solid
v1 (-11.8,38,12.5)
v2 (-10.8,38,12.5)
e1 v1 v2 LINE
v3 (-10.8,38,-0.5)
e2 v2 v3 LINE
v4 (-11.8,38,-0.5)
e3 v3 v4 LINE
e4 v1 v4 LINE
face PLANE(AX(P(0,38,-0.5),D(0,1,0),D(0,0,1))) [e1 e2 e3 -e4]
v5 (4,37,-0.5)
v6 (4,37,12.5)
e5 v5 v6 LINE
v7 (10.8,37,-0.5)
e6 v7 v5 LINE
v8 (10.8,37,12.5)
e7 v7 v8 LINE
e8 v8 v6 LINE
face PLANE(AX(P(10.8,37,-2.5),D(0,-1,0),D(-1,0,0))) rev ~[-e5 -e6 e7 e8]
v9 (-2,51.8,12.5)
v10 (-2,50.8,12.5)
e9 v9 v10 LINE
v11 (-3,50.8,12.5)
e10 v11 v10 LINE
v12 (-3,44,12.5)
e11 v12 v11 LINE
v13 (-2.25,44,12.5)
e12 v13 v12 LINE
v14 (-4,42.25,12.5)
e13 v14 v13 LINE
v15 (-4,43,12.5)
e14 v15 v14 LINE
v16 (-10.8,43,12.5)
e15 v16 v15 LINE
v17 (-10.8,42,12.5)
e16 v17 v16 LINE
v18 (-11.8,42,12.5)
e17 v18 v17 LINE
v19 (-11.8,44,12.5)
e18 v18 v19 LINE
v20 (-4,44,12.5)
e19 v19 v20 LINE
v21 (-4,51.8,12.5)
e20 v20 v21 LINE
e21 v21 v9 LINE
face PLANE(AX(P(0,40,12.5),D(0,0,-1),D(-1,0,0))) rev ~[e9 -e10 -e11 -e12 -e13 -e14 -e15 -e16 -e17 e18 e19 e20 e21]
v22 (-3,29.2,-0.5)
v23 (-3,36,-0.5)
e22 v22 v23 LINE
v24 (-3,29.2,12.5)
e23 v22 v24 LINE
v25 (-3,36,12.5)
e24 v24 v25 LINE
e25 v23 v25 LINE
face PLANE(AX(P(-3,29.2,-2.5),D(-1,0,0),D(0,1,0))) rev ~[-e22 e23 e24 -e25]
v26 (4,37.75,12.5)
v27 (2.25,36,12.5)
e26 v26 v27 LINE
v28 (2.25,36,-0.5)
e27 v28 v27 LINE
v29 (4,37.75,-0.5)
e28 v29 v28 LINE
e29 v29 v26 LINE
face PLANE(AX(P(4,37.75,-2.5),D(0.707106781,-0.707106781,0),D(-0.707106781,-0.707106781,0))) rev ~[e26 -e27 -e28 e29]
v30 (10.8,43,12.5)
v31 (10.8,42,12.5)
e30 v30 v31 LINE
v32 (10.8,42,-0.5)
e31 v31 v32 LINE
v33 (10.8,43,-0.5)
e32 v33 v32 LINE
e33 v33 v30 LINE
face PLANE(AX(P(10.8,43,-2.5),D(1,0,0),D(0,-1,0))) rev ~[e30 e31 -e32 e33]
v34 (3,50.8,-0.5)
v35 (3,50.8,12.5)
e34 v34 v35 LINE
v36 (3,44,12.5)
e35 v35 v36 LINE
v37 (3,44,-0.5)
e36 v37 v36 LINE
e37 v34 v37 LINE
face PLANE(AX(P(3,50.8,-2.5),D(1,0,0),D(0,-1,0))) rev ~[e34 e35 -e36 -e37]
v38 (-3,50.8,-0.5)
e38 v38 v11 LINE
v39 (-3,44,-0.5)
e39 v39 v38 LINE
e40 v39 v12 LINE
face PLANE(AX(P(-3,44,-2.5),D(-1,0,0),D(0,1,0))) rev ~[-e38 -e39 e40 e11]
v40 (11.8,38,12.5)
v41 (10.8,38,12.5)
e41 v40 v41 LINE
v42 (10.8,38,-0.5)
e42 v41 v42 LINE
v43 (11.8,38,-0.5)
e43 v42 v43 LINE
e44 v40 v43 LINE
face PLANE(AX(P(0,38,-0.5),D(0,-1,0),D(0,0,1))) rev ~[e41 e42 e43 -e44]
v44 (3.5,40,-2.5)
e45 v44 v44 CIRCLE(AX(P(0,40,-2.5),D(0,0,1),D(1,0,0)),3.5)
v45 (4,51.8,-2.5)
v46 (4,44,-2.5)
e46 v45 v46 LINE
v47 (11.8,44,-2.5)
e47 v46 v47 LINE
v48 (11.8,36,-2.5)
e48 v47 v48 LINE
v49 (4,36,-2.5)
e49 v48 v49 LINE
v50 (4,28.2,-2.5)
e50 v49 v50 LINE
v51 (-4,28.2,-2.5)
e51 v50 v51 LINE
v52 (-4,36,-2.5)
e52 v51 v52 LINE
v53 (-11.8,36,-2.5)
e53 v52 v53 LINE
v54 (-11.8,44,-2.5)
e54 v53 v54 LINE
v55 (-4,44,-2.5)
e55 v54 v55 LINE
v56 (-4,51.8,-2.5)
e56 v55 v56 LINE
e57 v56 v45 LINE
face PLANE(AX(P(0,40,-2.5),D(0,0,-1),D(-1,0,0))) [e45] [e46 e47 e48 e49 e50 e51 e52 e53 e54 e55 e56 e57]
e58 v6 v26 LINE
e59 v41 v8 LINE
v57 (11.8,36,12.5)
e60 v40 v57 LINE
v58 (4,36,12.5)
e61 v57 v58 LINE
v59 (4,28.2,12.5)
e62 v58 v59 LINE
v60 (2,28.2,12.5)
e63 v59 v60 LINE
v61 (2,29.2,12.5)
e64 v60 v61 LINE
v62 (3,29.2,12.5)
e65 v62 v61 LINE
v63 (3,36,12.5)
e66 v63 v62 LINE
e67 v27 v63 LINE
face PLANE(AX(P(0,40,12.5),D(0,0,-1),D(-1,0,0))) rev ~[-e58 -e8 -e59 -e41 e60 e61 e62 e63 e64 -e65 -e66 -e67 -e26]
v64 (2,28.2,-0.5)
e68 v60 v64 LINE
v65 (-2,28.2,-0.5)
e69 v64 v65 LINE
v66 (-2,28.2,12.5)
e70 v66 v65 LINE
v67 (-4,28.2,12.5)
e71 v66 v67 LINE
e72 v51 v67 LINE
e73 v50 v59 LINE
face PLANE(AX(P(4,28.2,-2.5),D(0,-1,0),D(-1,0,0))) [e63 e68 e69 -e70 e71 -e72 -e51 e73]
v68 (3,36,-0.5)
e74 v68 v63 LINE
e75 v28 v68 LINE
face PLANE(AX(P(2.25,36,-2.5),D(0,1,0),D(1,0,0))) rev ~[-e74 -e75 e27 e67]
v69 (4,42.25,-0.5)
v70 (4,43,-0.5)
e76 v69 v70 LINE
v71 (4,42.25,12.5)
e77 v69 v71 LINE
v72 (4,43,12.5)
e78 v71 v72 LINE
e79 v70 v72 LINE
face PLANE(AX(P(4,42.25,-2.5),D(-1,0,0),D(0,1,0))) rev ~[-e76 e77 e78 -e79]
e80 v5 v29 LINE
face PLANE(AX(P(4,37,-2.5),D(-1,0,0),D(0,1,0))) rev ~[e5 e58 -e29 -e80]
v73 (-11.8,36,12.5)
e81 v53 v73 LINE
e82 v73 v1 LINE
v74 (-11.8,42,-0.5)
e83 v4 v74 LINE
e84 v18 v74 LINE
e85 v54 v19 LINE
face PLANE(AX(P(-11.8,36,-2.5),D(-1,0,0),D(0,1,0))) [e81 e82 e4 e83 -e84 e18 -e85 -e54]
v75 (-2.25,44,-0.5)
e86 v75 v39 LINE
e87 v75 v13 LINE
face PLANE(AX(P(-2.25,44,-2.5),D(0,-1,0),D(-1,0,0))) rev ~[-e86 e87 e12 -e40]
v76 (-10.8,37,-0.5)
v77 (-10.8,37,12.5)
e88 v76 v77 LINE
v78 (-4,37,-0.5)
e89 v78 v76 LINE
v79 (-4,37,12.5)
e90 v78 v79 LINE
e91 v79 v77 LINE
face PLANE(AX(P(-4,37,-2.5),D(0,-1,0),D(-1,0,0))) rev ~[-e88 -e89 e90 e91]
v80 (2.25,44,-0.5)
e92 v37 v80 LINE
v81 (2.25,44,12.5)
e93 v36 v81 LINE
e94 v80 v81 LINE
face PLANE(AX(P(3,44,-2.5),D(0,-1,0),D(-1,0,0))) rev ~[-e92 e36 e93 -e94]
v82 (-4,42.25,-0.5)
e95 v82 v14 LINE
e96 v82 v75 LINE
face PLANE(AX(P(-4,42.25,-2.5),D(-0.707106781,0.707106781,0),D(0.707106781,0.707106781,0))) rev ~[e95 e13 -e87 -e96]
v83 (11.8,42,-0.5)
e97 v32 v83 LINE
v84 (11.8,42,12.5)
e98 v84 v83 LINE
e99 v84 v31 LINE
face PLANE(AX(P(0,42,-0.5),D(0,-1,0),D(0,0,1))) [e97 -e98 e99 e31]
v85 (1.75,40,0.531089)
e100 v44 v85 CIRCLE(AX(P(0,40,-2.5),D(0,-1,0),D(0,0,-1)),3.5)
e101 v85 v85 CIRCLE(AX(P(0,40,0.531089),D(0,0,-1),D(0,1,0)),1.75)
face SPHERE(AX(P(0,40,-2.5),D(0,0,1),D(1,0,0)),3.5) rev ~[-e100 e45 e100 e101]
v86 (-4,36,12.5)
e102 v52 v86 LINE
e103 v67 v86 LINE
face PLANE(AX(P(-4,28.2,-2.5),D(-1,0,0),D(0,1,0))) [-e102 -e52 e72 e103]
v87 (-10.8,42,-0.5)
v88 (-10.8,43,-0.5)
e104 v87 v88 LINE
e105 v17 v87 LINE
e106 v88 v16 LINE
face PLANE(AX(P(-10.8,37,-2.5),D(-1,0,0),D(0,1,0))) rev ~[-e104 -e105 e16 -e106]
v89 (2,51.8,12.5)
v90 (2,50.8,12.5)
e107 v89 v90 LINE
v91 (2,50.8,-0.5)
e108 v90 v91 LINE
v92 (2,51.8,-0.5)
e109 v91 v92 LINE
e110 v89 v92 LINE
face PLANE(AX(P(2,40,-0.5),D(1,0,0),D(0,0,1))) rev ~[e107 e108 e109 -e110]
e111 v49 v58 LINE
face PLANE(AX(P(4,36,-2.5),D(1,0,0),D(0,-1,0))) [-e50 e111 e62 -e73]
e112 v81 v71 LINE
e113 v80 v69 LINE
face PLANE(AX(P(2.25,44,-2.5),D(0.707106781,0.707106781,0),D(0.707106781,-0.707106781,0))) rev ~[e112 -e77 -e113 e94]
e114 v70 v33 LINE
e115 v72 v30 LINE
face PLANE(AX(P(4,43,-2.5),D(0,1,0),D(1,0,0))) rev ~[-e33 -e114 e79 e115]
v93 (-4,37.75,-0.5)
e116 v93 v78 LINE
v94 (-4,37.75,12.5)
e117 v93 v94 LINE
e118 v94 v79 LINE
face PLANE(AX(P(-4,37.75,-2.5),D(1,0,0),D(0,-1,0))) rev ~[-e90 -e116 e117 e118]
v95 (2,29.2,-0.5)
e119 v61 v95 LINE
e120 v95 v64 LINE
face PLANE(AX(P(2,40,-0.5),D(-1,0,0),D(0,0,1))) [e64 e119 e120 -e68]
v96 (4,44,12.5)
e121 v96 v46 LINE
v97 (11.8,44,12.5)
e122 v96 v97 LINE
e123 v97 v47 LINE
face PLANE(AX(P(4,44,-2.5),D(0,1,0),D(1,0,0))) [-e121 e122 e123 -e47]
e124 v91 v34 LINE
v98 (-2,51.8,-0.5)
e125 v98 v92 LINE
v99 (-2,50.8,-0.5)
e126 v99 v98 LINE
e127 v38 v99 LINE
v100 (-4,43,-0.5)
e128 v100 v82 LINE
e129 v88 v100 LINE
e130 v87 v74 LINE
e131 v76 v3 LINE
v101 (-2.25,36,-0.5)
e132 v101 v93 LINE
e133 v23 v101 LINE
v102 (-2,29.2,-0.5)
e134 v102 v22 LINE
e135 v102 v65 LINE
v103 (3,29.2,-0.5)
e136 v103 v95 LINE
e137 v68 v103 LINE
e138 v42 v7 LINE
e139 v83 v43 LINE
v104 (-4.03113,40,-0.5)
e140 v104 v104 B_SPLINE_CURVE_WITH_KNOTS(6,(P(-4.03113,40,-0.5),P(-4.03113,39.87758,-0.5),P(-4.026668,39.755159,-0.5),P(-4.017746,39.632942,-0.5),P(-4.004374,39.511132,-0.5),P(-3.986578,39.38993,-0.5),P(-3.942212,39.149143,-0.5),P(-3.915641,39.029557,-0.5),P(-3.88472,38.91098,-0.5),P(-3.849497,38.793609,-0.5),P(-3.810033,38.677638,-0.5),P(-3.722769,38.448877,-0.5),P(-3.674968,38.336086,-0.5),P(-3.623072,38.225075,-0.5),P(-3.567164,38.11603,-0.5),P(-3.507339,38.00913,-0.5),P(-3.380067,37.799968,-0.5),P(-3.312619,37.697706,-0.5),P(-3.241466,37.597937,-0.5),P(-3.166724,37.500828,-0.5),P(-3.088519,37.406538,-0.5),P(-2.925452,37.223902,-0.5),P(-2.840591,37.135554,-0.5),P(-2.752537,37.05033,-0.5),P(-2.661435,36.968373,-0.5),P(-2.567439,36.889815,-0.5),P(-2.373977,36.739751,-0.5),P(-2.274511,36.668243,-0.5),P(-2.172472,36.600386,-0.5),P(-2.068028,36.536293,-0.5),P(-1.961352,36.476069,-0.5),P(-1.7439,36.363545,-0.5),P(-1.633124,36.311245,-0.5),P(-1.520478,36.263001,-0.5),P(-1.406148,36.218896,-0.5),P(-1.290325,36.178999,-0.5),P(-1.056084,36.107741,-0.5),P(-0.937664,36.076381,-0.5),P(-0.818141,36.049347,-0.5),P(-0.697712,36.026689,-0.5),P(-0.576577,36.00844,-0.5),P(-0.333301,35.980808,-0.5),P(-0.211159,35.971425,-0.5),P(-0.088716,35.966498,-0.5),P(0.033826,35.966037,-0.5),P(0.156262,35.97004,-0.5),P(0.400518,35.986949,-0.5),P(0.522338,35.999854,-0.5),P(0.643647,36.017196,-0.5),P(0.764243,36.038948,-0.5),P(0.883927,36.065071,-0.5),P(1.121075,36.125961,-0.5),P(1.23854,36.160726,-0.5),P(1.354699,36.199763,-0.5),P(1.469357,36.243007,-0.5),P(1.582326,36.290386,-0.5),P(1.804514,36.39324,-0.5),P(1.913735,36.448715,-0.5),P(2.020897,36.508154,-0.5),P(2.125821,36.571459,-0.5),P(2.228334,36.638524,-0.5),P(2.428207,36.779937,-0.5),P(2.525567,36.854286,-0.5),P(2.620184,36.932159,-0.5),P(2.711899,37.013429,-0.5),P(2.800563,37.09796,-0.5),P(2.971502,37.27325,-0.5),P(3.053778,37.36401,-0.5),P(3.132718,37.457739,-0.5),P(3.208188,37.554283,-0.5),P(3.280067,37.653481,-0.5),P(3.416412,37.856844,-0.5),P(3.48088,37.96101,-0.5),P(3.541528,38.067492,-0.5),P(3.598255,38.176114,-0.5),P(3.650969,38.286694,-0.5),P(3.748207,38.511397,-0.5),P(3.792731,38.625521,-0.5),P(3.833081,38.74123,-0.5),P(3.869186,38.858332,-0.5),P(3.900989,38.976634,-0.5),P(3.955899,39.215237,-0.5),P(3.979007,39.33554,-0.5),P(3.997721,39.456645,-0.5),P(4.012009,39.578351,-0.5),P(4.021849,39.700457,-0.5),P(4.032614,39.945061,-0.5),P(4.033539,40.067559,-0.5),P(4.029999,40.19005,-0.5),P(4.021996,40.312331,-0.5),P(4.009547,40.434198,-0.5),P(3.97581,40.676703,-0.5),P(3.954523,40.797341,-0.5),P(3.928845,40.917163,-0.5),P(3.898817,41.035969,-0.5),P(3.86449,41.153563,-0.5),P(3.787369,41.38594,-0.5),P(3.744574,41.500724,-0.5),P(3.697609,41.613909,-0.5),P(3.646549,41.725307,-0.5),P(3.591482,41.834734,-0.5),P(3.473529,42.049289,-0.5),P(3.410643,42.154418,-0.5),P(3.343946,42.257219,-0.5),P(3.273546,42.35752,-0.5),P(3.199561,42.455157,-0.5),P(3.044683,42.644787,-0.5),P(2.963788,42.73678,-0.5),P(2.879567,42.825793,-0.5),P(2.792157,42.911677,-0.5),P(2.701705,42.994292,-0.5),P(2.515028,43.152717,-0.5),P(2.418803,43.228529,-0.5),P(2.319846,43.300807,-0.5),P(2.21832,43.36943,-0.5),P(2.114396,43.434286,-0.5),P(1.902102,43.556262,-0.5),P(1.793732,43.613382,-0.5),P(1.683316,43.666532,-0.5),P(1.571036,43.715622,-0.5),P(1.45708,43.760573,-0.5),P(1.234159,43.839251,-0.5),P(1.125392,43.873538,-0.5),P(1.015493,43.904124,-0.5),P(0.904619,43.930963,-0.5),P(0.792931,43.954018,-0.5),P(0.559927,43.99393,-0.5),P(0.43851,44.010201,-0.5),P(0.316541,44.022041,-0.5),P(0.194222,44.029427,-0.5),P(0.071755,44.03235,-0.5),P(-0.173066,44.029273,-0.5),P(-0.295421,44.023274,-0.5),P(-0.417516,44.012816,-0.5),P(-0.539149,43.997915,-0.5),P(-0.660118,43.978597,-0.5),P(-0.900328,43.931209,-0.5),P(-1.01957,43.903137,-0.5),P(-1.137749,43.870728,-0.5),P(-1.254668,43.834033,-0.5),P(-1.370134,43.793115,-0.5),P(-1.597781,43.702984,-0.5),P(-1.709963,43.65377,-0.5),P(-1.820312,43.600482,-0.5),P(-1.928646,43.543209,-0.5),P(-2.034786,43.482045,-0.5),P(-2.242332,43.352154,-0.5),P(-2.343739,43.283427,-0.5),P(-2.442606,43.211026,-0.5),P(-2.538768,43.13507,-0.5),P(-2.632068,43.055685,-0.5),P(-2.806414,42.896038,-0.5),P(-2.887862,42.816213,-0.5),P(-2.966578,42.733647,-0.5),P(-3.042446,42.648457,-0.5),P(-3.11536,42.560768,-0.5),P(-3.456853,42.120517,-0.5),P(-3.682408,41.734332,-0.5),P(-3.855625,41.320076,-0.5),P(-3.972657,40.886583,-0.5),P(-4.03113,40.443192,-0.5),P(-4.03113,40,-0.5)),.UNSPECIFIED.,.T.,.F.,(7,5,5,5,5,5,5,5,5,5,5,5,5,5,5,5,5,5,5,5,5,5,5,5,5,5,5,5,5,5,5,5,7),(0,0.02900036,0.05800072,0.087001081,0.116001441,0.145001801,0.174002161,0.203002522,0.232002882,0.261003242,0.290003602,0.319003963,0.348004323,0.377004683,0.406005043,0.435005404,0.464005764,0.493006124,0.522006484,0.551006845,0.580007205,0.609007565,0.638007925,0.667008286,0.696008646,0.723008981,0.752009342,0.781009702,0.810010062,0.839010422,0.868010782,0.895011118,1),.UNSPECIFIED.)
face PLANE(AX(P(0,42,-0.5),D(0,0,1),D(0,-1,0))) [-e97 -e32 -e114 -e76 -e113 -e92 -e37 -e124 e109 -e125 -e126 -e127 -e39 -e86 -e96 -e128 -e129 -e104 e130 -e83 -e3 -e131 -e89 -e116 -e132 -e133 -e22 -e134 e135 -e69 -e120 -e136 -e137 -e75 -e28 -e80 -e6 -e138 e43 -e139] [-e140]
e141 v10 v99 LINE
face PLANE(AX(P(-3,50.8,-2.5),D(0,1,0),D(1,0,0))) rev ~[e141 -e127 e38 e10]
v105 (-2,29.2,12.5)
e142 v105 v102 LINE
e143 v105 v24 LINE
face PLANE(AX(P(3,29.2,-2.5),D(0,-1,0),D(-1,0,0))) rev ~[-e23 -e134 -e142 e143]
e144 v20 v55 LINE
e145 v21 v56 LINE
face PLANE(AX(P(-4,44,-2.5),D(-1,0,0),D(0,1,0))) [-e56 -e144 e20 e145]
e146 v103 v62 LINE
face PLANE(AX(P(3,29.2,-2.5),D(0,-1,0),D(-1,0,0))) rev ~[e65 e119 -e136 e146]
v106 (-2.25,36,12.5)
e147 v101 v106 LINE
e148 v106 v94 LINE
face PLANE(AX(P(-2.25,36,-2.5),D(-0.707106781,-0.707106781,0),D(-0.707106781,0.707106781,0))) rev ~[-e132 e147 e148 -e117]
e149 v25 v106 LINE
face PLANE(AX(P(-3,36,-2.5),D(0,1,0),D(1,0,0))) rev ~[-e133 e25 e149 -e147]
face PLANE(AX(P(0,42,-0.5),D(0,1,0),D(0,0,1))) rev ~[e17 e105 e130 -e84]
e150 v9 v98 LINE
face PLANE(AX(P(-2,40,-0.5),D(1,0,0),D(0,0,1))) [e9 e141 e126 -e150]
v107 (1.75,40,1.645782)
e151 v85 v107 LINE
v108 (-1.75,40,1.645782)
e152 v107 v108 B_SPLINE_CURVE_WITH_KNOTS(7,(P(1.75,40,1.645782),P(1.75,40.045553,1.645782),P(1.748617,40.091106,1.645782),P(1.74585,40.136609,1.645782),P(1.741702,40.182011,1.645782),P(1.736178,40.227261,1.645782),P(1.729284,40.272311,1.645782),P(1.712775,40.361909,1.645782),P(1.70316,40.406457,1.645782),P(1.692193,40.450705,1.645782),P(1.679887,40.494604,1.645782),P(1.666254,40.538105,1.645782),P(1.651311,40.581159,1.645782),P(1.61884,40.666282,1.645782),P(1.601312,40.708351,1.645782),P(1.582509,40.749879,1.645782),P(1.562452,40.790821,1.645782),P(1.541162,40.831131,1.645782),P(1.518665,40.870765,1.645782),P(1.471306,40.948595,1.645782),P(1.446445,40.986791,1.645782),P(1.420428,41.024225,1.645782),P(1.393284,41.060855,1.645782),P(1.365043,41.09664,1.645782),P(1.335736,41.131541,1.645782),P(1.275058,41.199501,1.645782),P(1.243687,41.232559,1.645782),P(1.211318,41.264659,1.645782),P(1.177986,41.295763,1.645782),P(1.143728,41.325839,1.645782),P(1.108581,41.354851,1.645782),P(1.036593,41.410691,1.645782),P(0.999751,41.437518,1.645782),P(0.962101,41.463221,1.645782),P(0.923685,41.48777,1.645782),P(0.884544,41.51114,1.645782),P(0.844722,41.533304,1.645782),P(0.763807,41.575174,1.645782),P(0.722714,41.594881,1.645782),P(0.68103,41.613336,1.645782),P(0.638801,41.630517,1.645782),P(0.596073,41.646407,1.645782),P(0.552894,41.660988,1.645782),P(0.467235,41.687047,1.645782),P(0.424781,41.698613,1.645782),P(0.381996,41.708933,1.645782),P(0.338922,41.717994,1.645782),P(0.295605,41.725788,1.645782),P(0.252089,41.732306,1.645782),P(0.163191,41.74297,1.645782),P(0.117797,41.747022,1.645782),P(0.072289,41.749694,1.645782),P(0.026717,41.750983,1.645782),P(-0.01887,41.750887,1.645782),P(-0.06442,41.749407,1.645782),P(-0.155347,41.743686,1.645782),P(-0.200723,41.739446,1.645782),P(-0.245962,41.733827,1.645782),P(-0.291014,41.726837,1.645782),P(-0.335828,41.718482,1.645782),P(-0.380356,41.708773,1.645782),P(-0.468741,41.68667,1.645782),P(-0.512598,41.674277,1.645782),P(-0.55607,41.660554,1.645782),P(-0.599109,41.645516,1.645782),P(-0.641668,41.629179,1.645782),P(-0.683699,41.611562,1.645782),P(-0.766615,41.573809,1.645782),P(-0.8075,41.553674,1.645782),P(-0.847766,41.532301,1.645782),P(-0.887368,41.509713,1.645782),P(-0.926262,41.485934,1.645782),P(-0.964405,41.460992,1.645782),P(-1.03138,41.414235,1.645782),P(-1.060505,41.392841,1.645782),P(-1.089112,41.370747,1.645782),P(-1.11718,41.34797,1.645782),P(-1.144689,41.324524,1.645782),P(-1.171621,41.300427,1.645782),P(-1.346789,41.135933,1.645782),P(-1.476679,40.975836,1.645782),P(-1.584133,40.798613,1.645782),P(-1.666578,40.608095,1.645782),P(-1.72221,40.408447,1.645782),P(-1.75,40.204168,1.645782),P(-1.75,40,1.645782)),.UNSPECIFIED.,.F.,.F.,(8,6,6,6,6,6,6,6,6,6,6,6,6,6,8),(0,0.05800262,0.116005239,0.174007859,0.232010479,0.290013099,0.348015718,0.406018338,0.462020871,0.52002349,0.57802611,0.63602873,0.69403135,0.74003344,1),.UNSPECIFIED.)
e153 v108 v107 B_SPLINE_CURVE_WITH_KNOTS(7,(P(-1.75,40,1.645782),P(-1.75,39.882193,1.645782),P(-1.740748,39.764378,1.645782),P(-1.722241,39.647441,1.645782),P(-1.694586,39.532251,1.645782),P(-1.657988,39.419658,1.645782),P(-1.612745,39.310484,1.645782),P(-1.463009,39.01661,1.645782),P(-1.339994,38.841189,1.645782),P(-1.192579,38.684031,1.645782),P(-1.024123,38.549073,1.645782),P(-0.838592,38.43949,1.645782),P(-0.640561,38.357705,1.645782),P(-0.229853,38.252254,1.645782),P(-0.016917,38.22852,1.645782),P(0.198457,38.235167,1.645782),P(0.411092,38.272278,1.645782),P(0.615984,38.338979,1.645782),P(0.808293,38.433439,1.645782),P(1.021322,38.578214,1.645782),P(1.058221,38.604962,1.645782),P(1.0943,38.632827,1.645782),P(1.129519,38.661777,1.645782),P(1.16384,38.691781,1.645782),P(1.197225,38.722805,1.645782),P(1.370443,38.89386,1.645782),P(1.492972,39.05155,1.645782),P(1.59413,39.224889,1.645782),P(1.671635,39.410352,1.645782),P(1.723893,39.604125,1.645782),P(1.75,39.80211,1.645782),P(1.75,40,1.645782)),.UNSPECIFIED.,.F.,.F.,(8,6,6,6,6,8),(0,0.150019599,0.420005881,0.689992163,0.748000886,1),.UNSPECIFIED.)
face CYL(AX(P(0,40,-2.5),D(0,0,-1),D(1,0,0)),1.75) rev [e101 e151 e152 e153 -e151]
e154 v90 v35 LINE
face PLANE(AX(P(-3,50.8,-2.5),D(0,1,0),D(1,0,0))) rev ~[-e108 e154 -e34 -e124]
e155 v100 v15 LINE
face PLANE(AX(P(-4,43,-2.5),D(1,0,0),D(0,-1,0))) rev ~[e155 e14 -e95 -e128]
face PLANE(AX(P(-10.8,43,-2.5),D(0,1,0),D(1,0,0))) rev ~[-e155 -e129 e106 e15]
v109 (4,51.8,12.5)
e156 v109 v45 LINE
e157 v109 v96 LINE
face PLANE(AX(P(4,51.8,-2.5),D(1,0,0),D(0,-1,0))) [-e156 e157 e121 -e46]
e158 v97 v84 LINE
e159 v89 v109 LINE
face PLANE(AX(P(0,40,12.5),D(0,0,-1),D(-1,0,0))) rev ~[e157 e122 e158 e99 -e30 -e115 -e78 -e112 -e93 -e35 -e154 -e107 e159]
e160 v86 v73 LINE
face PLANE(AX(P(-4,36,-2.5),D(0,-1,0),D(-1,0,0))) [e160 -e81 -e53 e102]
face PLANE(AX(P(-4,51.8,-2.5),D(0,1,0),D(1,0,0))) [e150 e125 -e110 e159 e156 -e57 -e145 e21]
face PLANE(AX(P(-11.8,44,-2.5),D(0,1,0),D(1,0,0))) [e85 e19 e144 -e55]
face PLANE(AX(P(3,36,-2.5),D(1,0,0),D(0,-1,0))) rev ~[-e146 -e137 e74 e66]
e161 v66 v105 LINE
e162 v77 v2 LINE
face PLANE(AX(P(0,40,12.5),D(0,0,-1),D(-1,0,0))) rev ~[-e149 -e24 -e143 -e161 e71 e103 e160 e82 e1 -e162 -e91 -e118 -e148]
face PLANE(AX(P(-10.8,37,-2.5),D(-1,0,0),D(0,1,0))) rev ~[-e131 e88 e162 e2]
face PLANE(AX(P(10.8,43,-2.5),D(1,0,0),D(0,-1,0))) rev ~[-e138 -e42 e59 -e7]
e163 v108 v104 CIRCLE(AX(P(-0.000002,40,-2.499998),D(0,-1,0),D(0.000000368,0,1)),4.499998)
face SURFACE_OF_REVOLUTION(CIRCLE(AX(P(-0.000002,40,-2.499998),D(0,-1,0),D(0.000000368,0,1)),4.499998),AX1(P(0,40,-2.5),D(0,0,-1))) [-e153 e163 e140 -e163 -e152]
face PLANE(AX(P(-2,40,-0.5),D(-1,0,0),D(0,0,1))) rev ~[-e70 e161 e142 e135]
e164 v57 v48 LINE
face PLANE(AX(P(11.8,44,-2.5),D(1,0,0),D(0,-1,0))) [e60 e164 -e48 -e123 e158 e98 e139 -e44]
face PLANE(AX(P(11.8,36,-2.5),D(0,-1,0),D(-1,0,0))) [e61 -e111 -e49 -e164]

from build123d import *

# Parameters (mm, degrees)
PAD052_DEPTH          = 15
BOX006_W              = 4
BOX006_H              = 15
BOX006_DEPTH          = 12
POLARPATTERN021_COUNT = 4
PAD053_DEPTH          = 2
CYLINDER079_R         = 1.75
CYLINDER079_DEPTH     = 5


with BuildPart() as part:
    # Sketch087 → Pad052 (new body)
    with BuildSketch(Plane.XY):
        Polygon((-11.8, 4), (-4, 4), (-4, 11.8), (4, 11.8), (4, 4), (11.8, 4), (11.8, -4), (4, -4), (4, -11.8), (-4, -11.8), (-4, -4), (-11.8, -4), align=None)
        Polygon((-3, 10.8), (3, 10.8), (3, 4), (2.25, 4), (4, 2.25), (4, 3), (10.8, 3), (10.8, -3), (4, -3), (4, -2.25), (2.25, -4), (3, -4), (3, -10.8), (-3, -10.8), (-3, -4), (-2.25, -4), (-4, -2.25), (-4, -3), (-10.8, -3), (-10.8, 3), (-4, 3), (-4, 2.25), (-2.25, 4), (-3, 4), align=None, mode=Mode.SUBTRACT)
    extrude(amount=PAD052_DEPTH)

    # Box006 → Box006 (cut)
    with BuildSketch(Plane(origin=(-2, 0, 2), x_dir=(1, 0, 0), z_dir=(0, -1, 0))):
        with Locations((2, 7.5)):
            Rectangle(BOX006_W, BOX006_H)
    box006 = extrude(amount=BOX006_DEPTH, mode=Mode.SUBTRACT)

    # PolarPattern021: Box006 ×4 about axis
    polarpattern021_axis = Axis((0, 0, 0), (0, 0, 1))
    for i in range(1, POLARPATTERN021_COUNT):
        add(box006.rotate(polarpattern021_axis, i * 360 / POLARPATTERN021_COUNT), mode=Mode.SUBTRACT)

    # Sketch088 → Pad053 (join)
    with BuildSketch(Plane.XY):
        Polygon((-4, 11.8), (-4, 4), (-11.8, 4), (-11.8, -4), (-4, -4), (-4, -11.8), (4, -11.8), (4, -4), (11.8, -4), (11.8, 4), (4, 4), (4, 11.8), align=None)
    extrude(amount=PAD053_DEPTH)

    # Sphere003 → Sphere003 (revolve)
    with BuildSketch(Plane(origin=(0, 0, 0), x_dir=(-1, 0, 0), z_dir=(0, -1, 0))):
        with BuildLine():
            ThreePointArc((0, -4.5), (3.181981, -3.181981), (4.5, 0))
            Line((4.5, 0), (0, 0))
            Line((0, 0), (0, -4.5))
        make_face()
    revolve(axis=Axis((0, 0, 0), (0, 0, -1)))

    # Cylinder079 → Cylinder079 (cut)
    with BuildSketch(Plane.XY):
        Circle(CYLINDER079_R)
    extrude(amount=CYLINDER079_DEPTH, mode=Mode.SUBTRACT)

    # Sphere002 → Sphere002 (revolve, cut)
    with BuildSketch(Plane.XZ):
        with BuildLine():
            ThreePointArc((0, -3.5), (3.5, 0), (0, 3.5))
            Line((0, 3.5), (0, -3.5))
        make_face()
    revolve(axis=Axis((0, 0, 0), (0, 0, 1)), mode=Mode.SUBTRACT)


with BuildPart() as part_1:
    # Body077 placement: moved
    add(part.part.moved(Location((0, 40, -2.5))))


solid = part_1.part
